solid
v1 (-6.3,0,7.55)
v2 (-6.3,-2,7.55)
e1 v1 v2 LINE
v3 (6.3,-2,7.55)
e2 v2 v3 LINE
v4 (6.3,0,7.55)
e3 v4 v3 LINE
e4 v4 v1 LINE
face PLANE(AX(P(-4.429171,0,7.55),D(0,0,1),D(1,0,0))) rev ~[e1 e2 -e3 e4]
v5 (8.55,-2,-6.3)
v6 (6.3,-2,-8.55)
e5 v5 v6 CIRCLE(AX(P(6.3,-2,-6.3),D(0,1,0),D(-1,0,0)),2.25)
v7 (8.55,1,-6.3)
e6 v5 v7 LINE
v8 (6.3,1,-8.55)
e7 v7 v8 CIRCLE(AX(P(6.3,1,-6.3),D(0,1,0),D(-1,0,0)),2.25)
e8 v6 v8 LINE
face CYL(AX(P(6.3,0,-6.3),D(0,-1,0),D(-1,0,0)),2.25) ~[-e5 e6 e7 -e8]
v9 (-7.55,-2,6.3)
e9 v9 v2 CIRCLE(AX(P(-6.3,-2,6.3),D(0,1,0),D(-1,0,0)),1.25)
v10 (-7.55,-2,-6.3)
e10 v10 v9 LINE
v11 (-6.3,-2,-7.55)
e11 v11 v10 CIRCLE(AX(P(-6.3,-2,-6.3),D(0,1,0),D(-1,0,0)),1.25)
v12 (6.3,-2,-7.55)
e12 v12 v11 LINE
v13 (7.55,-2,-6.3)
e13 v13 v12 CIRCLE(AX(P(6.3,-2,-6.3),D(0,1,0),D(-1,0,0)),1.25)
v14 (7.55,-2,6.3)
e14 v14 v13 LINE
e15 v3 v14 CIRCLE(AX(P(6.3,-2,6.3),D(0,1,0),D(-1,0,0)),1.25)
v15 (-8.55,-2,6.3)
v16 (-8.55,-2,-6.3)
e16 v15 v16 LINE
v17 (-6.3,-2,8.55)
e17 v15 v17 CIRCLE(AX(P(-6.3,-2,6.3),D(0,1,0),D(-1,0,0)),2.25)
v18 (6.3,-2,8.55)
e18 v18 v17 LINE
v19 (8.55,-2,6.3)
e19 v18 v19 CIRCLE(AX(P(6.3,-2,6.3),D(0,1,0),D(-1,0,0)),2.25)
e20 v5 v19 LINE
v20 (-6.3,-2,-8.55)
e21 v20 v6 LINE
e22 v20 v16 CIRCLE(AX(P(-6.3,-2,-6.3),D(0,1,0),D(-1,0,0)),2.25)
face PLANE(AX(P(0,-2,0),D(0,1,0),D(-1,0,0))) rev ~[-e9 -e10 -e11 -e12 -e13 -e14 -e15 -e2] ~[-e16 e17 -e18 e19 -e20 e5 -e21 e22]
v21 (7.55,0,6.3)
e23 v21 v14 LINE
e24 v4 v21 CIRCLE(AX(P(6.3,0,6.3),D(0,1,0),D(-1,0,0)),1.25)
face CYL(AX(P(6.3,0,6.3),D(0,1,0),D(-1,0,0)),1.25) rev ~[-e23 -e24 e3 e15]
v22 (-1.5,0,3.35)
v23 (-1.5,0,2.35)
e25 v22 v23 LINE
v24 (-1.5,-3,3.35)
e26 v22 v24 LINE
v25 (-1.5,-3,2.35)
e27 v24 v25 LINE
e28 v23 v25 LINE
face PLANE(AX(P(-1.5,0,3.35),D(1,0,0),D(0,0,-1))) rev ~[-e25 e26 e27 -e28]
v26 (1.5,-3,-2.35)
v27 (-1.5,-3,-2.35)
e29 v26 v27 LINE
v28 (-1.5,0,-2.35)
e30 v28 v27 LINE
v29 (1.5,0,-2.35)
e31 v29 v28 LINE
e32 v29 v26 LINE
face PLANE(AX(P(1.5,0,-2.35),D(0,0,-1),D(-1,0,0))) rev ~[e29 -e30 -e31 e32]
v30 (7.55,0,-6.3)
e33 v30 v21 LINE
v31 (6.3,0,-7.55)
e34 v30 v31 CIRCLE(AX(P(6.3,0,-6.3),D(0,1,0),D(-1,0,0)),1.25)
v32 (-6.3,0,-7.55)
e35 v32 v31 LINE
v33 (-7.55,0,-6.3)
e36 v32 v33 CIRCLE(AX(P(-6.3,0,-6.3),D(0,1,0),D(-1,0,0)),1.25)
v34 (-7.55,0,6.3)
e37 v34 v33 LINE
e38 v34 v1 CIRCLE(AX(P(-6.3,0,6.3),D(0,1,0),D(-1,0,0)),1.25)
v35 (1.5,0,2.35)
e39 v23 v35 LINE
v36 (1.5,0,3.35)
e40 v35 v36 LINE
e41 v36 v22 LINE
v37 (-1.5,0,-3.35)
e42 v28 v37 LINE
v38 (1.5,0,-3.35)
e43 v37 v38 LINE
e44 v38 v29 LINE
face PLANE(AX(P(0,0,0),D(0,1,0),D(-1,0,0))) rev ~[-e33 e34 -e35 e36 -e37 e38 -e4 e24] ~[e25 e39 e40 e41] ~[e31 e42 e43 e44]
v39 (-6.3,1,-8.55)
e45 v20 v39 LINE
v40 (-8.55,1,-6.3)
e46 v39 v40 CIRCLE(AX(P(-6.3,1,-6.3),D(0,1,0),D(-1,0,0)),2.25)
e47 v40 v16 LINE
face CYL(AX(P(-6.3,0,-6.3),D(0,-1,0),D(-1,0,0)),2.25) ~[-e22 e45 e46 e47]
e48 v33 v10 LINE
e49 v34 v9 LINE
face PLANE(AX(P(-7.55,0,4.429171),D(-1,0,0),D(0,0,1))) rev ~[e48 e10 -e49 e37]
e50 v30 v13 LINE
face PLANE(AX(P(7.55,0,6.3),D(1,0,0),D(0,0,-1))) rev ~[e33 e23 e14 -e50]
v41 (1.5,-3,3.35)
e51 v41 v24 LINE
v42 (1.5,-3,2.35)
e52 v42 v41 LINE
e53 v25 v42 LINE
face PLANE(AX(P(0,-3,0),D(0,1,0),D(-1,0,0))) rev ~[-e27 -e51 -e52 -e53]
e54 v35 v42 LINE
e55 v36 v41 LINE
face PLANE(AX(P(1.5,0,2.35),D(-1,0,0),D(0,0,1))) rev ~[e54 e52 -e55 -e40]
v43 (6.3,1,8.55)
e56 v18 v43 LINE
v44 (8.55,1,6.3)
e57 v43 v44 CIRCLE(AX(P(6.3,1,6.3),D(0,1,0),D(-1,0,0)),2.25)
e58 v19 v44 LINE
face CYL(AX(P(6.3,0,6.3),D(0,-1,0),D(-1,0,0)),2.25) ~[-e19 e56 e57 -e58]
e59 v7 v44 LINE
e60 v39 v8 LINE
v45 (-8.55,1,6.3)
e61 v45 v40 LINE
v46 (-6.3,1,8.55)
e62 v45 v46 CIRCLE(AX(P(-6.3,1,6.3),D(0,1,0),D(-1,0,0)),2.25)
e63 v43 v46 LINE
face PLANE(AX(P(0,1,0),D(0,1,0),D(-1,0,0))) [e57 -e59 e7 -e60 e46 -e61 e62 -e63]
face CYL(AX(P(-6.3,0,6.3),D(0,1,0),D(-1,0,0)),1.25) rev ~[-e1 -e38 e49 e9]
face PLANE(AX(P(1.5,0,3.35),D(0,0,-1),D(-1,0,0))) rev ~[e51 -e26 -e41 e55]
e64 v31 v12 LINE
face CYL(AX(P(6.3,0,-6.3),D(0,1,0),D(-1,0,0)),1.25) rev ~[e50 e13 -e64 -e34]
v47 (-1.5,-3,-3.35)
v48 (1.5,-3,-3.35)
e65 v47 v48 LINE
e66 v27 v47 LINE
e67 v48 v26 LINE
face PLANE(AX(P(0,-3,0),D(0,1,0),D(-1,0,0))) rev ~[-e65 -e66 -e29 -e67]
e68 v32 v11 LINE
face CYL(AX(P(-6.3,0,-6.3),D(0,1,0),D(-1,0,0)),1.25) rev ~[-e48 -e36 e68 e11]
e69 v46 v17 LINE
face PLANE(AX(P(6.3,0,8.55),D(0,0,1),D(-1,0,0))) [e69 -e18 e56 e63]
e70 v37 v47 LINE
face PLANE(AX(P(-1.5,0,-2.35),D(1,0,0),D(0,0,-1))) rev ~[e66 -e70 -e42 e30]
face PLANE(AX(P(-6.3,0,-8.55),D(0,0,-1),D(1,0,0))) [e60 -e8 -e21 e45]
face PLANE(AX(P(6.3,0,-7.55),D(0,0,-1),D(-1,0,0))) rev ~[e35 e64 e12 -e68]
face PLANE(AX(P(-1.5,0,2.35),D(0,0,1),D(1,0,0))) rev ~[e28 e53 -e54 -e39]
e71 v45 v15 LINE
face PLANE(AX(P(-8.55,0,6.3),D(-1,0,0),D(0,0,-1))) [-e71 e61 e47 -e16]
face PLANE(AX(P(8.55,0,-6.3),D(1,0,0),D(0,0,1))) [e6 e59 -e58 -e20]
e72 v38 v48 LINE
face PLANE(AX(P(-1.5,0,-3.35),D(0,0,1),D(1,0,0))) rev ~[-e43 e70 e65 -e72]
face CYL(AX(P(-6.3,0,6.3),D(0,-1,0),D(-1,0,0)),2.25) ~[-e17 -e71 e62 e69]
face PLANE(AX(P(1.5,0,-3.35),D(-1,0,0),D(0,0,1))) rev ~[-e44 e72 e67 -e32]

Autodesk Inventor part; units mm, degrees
ref_plane "YZ Plane" through (0, 0, 0) normal (1, 0, 0) x (0, 1, 0)
ref_plane "XZ Plane" through (0, 0, 0) normal (0, 1, 0) x (-1, 0, 0)
ref_plane "XY Plane" through (0, 0, 0) normal (0, 0, 1) x (1, 0, 0)
sketch "Sketch1" plane through (0, 0, 0) normal (0, 1, 0) x (-1, 0, 0)
  line L0 (-8.55, 8.55) -> (8.55, 8.55)
  line L1 (8.55, 8.55) -> (8.55, -8.55)
  line L2 (8.55, -8.55) -> (-8.55, -8.55)
  line L3 (-8.55, -8.55) -> (-8.55, 8.55)
  line L4 (-8.55, 8.55) -> (8.55, -8.55) construction
  line L5 (8.55, 8.55) -> (-8.55, -8.55) construction
  line L6 (7.55, 7.55) -> (-7.55, 7.55)
  line L7 (-7.55, 7.55) -> (-7.55, -7.55)
  line L8 (-7.55, -7.55) -> (7.55, -7.55)
  line L9 (7.55, -7.55) -> (7.55, 7.55)
  line L10 (7.55, 7.55) -> (-7.55, -7.55) construction
  line L11 (-7.55, 7.55) -> (7.55, -7.55) construction
  line L12 (1.5, 2.35) -> (-1.5, 2.35)
  line L13 (-1.5, 2.35) -> (-1.5, 3.35)
  line L14 (-1.5, 3.35) -> (1.5, 3.35)
  line L15 (1.5, 3.35) -> (1.5, 2.35)
  line L16 (1.5, 2.35) -> (-1.5, 3.35) construction
  line L17 (-1.5, 2.35) -> (1.5, 3.35) construction
  line L18 (1.5, -3.35) -> (-1.5, -3.35)
  line L19 (-1.5, -3.35) -> (-1.5, -2.35)
  line L20 (-1.5, -2.35) -> (1.5, -2.35)
  line L21 (1.5, -2.35) -> (1.5, -3.35)
  line L22 (1.5, -3.35) -> (-1.5, -2.35) construction
  line L23 (-1.5, -3.35) -> (1.5, -2.35) construction
  line L24 (0, 0) -> (-1, 0)
  circle A0 centre (-6.3, 6.3) radius 1.25
  circle A1 centre (-6.3, 6.3) radius 2.25
  circle A2 centre (-6.3, -6.3) radius 1.25
  circle A3 centre (-6.3, -6.3) radius 2.25
  circle A4 centre (6.3, -6.3) radius 1.25
  circle A5 centre (6.3, -6.3) radius 2.25
  circle A6 centre (6.3, 6.3) radius 1.25
  circle A7 centre (6.3, 6.3) radius 2.25
  point P0 (0, 2.85)
  point P1 (0, -2.85)
  point P2 (-8.55, 6.3)
  point P3 (-8.55, -6.3)
  point P4 (-6.3, -8.55)
  point P5 (6.3, -8.55)
  point P6 (8.55, -6.3)
  point P7 (8.55, 6.3)
  point P8 (6.3, 8.55)
  point P9 (-6.3, 8.55)
  point P10 (-7.55, 6.3)
  point P11 (-6.3, 7.55)
  point P12 (6.3, 7.55)
  point P13 (7.55, 6.3)
  point P14 (7.55, -6.3)
  point P15 (6.3, -7.55)
  point P16 (-6.3, -7.55)
  point P17 (-7.55, -6.3)
  dimension "d0" = 17.1
  dimension "d1" = 17.1
  dimension "d4" = 1
  dimension "d5" = 1
  dimension "d6" = 5.7
  dimension "d7" = 3
  dimension "d8" = 1
  dimension "d10" = 2.5
extrude "Extrusion2" add sketch "Sketch1" along normal blind 1 contours L0 A7 L6 A1 | A1 L6 L7 | A1 L7 A3 L3 | A7 L9 L6 | A1 L7 A0 L6 | L6 A7 L9 A5 L8 A3 L7 A1 | A3 L7 L8 | L1 A5 L9 A7 | L6 A6 L9 A7 | A0 L7 L6 | A0 | A3 L8 A2 L7 | A3 L8 A5 L2 | A5 L8 L9 | L6 L9 A6 | A6 | A2 L8 L7 | A2 | L9 A4 L8 A5 | A4 | L9 L8 A4 | L12 L13 L14 L15 | L18 L19 L20 L21
extrude "Extrusion3" add sketch "Sketch1" against normal blind 2 contours L0 A7 L6 A1 | A1 L6 L7 | A1 L7 A3 L3 | A7 L9 L6 | A3 L7 L8 | L1 A5 L9 A7 | A0 L7 L6 | A3 L8 A5 L2 | A5 L8 L9 | L6 L9 A6 | A2 L8 L7 | L9 L8 A4
extrude "Extrusion4" add sketch "Sketch1" against normal blind 3 contours L12 L13 L14 L15 | L18 L19 L20 L21
properties part number "keycap"
